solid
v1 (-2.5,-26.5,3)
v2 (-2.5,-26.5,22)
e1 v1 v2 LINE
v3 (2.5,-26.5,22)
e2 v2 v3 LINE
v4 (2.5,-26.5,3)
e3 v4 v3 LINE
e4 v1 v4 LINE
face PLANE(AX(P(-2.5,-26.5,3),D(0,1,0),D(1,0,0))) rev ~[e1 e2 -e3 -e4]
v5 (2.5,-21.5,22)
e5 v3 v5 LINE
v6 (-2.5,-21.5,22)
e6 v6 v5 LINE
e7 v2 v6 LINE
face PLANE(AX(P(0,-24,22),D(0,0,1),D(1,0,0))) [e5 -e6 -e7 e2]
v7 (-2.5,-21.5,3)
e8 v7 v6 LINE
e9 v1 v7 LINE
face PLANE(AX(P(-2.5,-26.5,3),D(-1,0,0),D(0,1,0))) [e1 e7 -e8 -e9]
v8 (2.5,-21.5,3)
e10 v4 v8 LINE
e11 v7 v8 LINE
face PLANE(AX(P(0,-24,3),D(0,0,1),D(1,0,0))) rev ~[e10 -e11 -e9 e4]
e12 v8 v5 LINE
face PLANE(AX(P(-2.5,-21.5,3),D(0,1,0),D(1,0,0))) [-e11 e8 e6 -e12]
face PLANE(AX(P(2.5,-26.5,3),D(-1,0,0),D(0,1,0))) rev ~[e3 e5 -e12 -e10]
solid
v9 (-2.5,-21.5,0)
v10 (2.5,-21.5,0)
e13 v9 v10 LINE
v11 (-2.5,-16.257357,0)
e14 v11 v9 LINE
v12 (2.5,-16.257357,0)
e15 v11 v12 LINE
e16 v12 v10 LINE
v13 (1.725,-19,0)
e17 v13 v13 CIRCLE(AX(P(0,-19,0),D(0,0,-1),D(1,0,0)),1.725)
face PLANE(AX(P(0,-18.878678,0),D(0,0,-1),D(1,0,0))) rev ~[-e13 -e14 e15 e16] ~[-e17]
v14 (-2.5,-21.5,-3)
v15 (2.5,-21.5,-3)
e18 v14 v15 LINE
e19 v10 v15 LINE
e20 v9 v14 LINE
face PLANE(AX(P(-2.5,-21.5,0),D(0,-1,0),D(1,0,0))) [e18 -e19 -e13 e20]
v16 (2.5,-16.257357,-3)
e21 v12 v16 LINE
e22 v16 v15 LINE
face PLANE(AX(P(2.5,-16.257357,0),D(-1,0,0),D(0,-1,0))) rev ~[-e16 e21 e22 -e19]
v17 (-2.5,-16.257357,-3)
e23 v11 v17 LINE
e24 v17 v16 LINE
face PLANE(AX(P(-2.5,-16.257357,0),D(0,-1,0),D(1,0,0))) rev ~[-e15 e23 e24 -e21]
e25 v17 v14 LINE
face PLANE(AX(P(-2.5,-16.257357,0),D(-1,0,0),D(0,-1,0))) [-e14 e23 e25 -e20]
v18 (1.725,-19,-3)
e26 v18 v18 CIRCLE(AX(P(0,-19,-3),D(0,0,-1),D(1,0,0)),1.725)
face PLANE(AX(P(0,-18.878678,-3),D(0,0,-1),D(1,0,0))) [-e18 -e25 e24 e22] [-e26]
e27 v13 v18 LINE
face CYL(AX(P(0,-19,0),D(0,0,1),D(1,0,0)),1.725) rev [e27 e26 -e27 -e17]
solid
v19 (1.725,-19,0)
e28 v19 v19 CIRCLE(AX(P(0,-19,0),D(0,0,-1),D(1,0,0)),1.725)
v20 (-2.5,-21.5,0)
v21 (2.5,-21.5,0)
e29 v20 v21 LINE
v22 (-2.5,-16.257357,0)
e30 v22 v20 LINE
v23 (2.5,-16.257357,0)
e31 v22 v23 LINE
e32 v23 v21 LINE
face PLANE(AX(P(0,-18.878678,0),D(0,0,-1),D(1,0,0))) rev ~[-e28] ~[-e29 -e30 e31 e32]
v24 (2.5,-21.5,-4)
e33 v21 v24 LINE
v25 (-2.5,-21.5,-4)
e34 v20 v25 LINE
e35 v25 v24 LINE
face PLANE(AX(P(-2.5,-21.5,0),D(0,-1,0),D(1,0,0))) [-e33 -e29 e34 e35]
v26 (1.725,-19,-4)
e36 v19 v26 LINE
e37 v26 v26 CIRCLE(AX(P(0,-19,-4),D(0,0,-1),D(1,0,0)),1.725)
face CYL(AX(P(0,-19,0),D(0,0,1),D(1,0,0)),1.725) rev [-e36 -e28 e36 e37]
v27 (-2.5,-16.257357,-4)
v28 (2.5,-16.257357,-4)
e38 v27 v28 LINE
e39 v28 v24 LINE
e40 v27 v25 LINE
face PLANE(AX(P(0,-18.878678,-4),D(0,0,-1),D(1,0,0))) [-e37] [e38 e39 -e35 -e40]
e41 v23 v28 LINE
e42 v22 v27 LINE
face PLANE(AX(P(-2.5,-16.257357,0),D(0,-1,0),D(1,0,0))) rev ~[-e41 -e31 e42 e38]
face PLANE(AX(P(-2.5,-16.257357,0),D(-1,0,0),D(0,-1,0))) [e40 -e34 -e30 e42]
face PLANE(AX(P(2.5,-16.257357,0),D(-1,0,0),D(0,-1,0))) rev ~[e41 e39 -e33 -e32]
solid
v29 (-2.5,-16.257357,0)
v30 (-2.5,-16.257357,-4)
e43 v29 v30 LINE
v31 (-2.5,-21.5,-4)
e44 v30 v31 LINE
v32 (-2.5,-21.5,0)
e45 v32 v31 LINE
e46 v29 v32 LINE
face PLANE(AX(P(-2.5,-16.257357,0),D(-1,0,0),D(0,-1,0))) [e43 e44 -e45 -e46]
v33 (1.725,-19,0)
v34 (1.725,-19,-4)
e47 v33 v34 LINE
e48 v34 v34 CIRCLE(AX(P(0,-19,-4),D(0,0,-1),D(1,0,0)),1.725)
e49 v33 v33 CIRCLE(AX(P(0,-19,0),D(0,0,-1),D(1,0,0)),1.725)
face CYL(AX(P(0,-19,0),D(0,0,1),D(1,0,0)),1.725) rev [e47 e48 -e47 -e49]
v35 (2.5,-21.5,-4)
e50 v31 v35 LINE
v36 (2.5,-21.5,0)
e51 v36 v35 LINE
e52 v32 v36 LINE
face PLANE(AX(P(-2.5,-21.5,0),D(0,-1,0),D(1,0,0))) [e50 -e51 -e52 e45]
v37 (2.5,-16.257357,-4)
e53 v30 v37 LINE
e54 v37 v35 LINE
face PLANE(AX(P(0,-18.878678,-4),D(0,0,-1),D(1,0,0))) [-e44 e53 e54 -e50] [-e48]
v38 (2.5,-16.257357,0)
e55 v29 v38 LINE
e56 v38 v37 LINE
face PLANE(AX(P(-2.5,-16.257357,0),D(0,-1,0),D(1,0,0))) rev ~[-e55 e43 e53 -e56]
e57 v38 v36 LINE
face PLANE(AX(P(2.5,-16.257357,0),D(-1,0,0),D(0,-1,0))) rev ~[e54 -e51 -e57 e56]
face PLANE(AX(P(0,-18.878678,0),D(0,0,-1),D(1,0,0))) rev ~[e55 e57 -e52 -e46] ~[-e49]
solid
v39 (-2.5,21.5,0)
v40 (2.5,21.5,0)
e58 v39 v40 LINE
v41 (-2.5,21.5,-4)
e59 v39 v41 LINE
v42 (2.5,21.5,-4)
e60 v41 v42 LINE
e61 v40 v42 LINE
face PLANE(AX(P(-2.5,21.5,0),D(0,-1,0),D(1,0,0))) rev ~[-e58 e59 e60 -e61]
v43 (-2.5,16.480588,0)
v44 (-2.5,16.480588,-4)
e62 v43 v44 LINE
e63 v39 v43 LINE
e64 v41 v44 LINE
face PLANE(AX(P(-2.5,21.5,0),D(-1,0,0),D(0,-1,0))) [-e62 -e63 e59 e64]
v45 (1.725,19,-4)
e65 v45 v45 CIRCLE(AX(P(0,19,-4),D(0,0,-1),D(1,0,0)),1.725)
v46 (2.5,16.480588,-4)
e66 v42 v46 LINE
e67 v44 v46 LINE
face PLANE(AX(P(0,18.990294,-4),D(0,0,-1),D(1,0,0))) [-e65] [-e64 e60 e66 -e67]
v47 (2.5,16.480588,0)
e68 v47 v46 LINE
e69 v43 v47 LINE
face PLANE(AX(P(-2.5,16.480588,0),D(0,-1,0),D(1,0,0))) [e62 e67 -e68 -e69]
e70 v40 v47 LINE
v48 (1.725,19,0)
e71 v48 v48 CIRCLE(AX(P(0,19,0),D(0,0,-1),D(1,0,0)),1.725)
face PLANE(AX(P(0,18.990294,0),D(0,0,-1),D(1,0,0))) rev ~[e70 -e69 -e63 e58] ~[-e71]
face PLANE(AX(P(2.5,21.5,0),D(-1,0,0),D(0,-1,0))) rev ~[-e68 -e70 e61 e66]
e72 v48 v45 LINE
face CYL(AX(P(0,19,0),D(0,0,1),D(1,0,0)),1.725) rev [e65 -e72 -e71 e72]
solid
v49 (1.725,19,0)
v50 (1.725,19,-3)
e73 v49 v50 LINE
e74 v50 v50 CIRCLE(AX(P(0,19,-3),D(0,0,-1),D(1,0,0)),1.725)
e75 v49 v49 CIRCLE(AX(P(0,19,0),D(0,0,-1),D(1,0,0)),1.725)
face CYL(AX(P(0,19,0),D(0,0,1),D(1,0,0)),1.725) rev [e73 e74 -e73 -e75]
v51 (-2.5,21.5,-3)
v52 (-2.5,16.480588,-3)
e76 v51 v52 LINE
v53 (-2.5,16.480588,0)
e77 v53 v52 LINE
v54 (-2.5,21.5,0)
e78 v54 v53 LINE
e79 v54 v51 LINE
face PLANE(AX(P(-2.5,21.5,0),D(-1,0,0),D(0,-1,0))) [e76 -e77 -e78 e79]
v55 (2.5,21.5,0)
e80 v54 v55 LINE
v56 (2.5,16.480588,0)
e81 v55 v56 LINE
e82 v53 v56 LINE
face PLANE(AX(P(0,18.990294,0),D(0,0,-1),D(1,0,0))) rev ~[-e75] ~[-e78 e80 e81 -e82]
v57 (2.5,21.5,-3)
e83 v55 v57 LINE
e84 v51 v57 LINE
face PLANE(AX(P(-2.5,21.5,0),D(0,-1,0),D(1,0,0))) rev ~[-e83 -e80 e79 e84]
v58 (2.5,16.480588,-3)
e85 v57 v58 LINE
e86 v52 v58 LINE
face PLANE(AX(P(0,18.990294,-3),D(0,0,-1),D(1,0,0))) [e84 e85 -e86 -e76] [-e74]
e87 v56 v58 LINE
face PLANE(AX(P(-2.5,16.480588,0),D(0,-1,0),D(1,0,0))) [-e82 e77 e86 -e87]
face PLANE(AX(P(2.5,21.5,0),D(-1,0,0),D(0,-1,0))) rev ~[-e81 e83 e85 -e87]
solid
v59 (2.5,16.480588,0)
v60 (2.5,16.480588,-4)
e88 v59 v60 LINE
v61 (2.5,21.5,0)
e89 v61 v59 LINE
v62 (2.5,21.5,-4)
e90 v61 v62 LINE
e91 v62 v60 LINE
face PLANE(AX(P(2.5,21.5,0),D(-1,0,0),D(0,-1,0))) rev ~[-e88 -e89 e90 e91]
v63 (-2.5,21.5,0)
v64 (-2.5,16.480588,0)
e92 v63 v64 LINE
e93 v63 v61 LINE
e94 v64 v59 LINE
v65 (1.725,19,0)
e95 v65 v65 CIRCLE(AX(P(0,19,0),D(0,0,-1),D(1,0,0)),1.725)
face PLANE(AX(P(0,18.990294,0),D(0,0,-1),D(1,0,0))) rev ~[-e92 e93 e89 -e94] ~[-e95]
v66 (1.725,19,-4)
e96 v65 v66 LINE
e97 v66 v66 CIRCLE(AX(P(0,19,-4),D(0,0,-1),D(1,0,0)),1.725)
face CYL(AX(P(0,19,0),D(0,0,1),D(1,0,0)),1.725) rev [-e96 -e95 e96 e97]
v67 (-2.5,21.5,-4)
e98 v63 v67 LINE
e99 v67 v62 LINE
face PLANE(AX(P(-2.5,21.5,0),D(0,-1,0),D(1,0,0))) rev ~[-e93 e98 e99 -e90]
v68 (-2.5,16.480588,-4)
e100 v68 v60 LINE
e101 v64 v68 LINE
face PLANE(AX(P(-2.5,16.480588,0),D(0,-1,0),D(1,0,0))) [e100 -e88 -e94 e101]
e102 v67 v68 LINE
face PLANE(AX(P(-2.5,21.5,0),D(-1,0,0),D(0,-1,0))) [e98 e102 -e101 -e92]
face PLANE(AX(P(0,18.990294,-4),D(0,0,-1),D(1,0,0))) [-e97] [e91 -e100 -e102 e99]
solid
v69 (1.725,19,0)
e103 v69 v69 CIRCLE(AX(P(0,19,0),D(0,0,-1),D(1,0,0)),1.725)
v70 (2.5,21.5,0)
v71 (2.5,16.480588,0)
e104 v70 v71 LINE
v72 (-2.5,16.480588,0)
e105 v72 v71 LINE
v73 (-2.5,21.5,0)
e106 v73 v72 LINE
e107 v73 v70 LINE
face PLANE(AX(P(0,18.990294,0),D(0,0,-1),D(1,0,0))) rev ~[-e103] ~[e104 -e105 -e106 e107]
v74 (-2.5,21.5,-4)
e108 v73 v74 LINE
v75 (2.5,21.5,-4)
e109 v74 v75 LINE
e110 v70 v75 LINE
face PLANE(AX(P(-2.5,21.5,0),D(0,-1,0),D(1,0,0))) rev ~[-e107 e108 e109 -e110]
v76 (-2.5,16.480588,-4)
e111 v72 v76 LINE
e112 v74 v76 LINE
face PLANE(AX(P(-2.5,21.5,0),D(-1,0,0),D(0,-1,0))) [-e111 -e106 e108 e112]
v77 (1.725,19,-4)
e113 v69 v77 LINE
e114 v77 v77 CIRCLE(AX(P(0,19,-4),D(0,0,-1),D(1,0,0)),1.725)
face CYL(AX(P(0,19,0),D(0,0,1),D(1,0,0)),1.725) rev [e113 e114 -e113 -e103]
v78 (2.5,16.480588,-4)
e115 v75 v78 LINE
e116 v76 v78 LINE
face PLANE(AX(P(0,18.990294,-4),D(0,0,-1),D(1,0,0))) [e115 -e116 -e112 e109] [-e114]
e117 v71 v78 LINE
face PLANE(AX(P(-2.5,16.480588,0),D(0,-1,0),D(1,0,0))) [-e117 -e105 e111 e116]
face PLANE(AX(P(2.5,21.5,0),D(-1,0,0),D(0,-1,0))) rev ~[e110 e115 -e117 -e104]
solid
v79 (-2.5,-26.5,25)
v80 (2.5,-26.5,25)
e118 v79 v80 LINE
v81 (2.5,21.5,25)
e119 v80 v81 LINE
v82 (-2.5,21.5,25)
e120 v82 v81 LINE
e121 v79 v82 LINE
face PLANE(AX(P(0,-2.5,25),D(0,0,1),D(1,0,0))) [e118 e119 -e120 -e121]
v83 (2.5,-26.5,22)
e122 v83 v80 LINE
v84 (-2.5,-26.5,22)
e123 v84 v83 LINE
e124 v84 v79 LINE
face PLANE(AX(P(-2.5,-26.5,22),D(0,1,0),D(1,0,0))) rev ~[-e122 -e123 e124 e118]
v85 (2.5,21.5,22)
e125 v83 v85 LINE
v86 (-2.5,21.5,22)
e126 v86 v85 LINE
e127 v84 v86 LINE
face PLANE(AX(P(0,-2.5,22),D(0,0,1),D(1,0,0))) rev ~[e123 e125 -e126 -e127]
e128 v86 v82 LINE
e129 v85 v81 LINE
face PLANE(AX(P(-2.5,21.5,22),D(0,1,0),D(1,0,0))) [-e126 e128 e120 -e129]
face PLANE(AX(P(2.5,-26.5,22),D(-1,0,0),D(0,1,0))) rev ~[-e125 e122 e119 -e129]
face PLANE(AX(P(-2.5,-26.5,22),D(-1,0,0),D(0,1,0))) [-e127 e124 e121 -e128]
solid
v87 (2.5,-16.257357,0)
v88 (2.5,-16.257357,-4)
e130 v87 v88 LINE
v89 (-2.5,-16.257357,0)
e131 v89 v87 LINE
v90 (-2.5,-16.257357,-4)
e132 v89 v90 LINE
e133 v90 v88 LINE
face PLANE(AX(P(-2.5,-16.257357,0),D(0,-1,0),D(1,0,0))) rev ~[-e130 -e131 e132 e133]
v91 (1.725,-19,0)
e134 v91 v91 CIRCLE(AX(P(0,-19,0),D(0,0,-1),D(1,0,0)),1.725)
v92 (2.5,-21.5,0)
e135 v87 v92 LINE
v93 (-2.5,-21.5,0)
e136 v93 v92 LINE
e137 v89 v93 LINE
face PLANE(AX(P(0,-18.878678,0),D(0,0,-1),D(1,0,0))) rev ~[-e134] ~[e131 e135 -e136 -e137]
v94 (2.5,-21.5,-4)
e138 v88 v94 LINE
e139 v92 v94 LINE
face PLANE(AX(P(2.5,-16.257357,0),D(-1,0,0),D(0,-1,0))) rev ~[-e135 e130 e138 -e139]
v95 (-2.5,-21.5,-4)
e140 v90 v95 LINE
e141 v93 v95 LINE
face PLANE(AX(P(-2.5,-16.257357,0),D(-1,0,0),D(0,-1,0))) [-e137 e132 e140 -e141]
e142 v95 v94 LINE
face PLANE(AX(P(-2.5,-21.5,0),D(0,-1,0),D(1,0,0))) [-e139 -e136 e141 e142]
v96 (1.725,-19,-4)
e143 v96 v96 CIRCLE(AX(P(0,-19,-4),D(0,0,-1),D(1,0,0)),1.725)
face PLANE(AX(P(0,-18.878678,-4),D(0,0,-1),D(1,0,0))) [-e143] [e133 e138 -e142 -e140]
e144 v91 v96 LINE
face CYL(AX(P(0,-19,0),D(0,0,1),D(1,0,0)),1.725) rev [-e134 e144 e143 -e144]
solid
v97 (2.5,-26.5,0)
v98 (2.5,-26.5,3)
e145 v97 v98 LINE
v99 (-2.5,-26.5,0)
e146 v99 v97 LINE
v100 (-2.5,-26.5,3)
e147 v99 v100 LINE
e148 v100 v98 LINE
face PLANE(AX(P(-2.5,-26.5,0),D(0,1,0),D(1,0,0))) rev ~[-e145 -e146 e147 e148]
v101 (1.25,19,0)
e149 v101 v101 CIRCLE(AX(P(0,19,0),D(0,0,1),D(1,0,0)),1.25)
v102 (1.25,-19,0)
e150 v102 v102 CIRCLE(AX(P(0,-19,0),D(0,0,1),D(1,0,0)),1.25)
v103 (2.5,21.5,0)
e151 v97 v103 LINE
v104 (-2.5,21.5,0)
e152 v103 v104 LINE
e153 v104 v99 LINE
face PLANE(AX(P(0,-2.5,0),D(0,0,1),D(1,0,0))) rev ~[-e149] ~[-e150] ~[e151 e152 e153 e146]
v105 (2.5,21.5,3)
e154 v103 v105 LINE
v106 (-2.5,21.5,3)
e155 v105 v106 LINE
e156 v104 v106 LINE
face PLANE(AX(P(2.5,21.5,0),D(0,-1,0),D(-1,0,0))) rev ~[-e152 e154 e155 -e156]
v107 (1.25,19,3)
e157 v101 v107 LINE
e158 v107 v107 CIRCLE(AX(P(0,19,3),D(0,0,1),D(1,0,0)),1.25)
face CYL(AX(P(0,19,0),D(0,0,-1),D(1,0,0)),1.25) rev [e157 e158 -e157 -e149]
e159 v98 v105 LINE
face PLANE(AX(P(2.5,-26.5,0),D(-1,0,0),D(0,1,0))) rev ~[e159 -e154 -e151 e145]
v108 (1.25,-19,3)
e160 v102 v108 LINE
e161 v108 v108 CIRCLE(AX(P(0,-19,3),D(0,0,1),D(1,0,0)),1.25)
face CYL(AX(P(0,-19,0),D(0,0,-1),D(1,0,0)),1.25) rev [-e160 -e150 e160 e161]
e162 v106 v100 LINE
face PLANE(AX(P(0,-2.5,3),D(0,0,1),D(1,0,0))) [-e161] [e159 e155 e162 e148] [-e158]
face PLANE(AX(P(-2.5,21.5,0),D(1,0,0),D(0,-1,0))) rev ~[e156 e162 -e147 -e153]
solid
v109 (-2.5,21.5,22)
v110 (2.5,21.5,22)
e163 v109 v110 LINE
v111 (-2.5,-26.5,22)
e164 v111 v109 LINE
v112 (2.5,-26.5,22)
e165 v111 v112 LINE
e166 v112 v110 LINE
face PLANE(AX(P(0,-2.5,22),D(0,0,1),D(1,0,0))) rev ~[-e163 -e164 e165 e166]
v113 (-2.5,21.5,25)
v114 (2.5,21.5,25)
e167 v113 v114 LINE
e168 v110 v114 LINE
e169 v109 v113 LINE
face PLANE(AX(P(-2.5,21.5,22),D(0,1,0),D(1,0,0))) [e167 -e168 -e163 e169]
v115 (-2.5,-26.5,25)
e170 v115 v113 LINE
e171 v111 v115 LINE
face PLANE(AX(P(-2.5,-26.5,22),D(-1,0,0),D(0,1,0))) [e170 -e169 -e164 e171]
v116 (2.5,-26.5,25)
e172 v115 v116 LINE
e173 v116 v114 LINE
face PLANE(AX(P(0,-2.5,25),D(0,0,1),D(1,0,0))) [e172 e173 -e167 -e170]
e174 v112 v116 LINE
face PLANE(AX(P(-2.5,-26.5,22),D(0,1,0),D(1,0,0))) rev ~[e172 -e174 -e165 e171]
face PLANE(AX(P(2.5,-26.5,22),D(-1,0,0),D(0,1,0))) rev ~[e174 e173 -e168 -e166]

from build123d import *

# Parameters (mm, degrees)
SKETCH_R         = 1.25
PAD_DEPTH        = 3
SKETCH002_W      = 5
SKETCH002_H      = 5
EXTRUDE_DEPTH    = 19
SKETCH003_W      = 5
SKETCH003_H      = 48
EXTRUDE001_DEPTH = 3
EXTRUDE002_DEPTH = 3
SKETCH004_W      = 5
SKETCH004_H      = 5.019411
SKETCH004_R      = 1.725
SKETCH004_H_2    = 5.242643
EXTRUDE003_DEPTH = 3
EXTRUDE004_DEPTH = 4
EXTRUDE005_DEPTH = 4
EXTRUDE006_DEPTH = 4


with BuildPart() as body:
    # Sketch → Pad (new body)
    with BuildSketch(Plane.XY):
        Polygon((-2.5, 21.5), (-2.5, -21.5), (-2.5, -26.5), (2.5, -26.5), (2.5, -21.5), (2.5, 21.5), align=None)
        with Locations((0, 19)):
            Circle(SKETCH_R, mode=Mode.SUBTRACT)
        with Locations((0, -19)):
            Circle(SKETCH_R, mode=Mode.SUBTRACT)
    extrude(amount=PAD_DEPTH)


with BuildPart() as extrude_body:
    # Sketch002 (on Face10 of Pad) → Extrude (new body)
    with BuildSketch(Plane.XY.offset(3)):
        with Locations((0, -24)):
            Rectangle(SKETCH002_W, SKETCH002_H)
    extrude(amount=EXTRUDE_DEPTH)


with BuildPart() as extrude001:
    # Sketch003 (on Face6 of Extrude) → Extrude001 (new body)
    with BuildSketch(Plane.XY.offset(22)):
        with Locations((0, -2.5)):
            Rectangle(SKETCH003_W, SKETCH003_H)
    extrude(amount=EXTRUDE001_DEPTH)


with BuildPart() as extrude002:
    # Sketch003 (on Face6 of Extrude) → Extrude002 (new body)
    with BuildSketch(Plane.XY.offset(22)):
        with Locations((0, -2.5)):
            Rectangle(SKETCH003_W, SKETCH003_H)
    extrude(amount=EXTRUDE002_DEPTH)


with BuildPart() as extrude003:
    # Sketch004 (on Face9 of Pad) → Extrude003 (new body)
    with BuildSketch(Plane(origin=(0, 0, 0), x_dir=(1, 0, 0), z_dir=(0, 0, -1))):
        with Locations((0, -18.990294)):
            Rectangle(SKETCH004_W, SKETCH004_H)
        with Locations((0, -19)):
            Circle(SKETCH004_R, mode=Mode.SUBTRACT)
        with Locations((0, 18.878678)):
            Rectangle(SKETCH004_W, SKETCH004_H_2)
        with Locations((0, 19)):
            Circle(SKETCH004_R, mode=Mode.SUBTRACT)
    extrude(amount=EXTRUDE003_DEPTH)


with BuildPart() as extrude004:
    # Sketch004 (on Face9 of Pad) → Extrude004 (new body)
    with BuildSketch(Plane(origin=(0, 0, 0), x_dir=(1, 0, 0), z_dir=(0, 0, -1))):
        with Locations((0, -18.990294)):
            Rectangle(SKETCH004_W, SKETCH004_H)
        with Locations((0, -19)):
            Circle(SKETCH004_R, mode=Mode.SUBTRACT)
        with Locations((0, 18.878678)):
            Rectangle(SKETCH004_W, SKETCH004_H_2)
        with Locations((0, 19)):
            Circle(SKETCH004_R, mode=Mode.SUBTRACT)
    extrude(amount=EXTRUDE004_DEPTH)


with BuildPart() as extrude005:
    # Sketch004 (on Face9 of Pad) → Extrude005 (new body)
    with BuildSketch(Plane(origin=(0, 0, 0), x_dir=(1, 0, 0), z_dir=(0, 0, -1))):
        with Locations((0, -18.990294)):
            Rectangle(SKETCH004_W, SKETCH004_H)
        with Locations((0, -19)):
            Circle(SKETCH004_R, mode=Mode.SUBTRACT)
        with Locations((0, 18.878678)):
            Rectangle(SKETCH004_W, SKETCH004_H_2)
        with Locations((0, 19)):
            Circle(SKETCH004_R, mode=Mode.SUBTRACT)
    extrude(amount=EXTRUDE005_DEPTH)


with BuildPart() as extrude006:
    # Sketch004 (on Face9 of Pad) → Extrude006 (new body)
    with BuildSketch(Plane(origin=(0, 0, 0), x_dir=(1, 0, 0), z_dir=(0, 0, -1))):
        with Locations((0, -18.990294)):
            Rectangle(SKETCH004_W, SKETCH004_H)
        with Locations((0, -19)):
            Circle(SKETCH004_R, mode=Mode.SUBTRACT)
        with Locations((0, 18.878678)):
            Rectangle(SKETCH004_W, SKETCH004_H_2)
        with Locations((0, 19)):
            Circle(SKETCH004_R, mode=Mode.SUBTRACT)
    extrude(amount=EXTRUDE006_DEPTH)


solid = Compound([body.part, extrude_body.part, extrude001.part, extrude002.part, extrude003.part, extrude004.part, extrude005.part, extrude006.part])
